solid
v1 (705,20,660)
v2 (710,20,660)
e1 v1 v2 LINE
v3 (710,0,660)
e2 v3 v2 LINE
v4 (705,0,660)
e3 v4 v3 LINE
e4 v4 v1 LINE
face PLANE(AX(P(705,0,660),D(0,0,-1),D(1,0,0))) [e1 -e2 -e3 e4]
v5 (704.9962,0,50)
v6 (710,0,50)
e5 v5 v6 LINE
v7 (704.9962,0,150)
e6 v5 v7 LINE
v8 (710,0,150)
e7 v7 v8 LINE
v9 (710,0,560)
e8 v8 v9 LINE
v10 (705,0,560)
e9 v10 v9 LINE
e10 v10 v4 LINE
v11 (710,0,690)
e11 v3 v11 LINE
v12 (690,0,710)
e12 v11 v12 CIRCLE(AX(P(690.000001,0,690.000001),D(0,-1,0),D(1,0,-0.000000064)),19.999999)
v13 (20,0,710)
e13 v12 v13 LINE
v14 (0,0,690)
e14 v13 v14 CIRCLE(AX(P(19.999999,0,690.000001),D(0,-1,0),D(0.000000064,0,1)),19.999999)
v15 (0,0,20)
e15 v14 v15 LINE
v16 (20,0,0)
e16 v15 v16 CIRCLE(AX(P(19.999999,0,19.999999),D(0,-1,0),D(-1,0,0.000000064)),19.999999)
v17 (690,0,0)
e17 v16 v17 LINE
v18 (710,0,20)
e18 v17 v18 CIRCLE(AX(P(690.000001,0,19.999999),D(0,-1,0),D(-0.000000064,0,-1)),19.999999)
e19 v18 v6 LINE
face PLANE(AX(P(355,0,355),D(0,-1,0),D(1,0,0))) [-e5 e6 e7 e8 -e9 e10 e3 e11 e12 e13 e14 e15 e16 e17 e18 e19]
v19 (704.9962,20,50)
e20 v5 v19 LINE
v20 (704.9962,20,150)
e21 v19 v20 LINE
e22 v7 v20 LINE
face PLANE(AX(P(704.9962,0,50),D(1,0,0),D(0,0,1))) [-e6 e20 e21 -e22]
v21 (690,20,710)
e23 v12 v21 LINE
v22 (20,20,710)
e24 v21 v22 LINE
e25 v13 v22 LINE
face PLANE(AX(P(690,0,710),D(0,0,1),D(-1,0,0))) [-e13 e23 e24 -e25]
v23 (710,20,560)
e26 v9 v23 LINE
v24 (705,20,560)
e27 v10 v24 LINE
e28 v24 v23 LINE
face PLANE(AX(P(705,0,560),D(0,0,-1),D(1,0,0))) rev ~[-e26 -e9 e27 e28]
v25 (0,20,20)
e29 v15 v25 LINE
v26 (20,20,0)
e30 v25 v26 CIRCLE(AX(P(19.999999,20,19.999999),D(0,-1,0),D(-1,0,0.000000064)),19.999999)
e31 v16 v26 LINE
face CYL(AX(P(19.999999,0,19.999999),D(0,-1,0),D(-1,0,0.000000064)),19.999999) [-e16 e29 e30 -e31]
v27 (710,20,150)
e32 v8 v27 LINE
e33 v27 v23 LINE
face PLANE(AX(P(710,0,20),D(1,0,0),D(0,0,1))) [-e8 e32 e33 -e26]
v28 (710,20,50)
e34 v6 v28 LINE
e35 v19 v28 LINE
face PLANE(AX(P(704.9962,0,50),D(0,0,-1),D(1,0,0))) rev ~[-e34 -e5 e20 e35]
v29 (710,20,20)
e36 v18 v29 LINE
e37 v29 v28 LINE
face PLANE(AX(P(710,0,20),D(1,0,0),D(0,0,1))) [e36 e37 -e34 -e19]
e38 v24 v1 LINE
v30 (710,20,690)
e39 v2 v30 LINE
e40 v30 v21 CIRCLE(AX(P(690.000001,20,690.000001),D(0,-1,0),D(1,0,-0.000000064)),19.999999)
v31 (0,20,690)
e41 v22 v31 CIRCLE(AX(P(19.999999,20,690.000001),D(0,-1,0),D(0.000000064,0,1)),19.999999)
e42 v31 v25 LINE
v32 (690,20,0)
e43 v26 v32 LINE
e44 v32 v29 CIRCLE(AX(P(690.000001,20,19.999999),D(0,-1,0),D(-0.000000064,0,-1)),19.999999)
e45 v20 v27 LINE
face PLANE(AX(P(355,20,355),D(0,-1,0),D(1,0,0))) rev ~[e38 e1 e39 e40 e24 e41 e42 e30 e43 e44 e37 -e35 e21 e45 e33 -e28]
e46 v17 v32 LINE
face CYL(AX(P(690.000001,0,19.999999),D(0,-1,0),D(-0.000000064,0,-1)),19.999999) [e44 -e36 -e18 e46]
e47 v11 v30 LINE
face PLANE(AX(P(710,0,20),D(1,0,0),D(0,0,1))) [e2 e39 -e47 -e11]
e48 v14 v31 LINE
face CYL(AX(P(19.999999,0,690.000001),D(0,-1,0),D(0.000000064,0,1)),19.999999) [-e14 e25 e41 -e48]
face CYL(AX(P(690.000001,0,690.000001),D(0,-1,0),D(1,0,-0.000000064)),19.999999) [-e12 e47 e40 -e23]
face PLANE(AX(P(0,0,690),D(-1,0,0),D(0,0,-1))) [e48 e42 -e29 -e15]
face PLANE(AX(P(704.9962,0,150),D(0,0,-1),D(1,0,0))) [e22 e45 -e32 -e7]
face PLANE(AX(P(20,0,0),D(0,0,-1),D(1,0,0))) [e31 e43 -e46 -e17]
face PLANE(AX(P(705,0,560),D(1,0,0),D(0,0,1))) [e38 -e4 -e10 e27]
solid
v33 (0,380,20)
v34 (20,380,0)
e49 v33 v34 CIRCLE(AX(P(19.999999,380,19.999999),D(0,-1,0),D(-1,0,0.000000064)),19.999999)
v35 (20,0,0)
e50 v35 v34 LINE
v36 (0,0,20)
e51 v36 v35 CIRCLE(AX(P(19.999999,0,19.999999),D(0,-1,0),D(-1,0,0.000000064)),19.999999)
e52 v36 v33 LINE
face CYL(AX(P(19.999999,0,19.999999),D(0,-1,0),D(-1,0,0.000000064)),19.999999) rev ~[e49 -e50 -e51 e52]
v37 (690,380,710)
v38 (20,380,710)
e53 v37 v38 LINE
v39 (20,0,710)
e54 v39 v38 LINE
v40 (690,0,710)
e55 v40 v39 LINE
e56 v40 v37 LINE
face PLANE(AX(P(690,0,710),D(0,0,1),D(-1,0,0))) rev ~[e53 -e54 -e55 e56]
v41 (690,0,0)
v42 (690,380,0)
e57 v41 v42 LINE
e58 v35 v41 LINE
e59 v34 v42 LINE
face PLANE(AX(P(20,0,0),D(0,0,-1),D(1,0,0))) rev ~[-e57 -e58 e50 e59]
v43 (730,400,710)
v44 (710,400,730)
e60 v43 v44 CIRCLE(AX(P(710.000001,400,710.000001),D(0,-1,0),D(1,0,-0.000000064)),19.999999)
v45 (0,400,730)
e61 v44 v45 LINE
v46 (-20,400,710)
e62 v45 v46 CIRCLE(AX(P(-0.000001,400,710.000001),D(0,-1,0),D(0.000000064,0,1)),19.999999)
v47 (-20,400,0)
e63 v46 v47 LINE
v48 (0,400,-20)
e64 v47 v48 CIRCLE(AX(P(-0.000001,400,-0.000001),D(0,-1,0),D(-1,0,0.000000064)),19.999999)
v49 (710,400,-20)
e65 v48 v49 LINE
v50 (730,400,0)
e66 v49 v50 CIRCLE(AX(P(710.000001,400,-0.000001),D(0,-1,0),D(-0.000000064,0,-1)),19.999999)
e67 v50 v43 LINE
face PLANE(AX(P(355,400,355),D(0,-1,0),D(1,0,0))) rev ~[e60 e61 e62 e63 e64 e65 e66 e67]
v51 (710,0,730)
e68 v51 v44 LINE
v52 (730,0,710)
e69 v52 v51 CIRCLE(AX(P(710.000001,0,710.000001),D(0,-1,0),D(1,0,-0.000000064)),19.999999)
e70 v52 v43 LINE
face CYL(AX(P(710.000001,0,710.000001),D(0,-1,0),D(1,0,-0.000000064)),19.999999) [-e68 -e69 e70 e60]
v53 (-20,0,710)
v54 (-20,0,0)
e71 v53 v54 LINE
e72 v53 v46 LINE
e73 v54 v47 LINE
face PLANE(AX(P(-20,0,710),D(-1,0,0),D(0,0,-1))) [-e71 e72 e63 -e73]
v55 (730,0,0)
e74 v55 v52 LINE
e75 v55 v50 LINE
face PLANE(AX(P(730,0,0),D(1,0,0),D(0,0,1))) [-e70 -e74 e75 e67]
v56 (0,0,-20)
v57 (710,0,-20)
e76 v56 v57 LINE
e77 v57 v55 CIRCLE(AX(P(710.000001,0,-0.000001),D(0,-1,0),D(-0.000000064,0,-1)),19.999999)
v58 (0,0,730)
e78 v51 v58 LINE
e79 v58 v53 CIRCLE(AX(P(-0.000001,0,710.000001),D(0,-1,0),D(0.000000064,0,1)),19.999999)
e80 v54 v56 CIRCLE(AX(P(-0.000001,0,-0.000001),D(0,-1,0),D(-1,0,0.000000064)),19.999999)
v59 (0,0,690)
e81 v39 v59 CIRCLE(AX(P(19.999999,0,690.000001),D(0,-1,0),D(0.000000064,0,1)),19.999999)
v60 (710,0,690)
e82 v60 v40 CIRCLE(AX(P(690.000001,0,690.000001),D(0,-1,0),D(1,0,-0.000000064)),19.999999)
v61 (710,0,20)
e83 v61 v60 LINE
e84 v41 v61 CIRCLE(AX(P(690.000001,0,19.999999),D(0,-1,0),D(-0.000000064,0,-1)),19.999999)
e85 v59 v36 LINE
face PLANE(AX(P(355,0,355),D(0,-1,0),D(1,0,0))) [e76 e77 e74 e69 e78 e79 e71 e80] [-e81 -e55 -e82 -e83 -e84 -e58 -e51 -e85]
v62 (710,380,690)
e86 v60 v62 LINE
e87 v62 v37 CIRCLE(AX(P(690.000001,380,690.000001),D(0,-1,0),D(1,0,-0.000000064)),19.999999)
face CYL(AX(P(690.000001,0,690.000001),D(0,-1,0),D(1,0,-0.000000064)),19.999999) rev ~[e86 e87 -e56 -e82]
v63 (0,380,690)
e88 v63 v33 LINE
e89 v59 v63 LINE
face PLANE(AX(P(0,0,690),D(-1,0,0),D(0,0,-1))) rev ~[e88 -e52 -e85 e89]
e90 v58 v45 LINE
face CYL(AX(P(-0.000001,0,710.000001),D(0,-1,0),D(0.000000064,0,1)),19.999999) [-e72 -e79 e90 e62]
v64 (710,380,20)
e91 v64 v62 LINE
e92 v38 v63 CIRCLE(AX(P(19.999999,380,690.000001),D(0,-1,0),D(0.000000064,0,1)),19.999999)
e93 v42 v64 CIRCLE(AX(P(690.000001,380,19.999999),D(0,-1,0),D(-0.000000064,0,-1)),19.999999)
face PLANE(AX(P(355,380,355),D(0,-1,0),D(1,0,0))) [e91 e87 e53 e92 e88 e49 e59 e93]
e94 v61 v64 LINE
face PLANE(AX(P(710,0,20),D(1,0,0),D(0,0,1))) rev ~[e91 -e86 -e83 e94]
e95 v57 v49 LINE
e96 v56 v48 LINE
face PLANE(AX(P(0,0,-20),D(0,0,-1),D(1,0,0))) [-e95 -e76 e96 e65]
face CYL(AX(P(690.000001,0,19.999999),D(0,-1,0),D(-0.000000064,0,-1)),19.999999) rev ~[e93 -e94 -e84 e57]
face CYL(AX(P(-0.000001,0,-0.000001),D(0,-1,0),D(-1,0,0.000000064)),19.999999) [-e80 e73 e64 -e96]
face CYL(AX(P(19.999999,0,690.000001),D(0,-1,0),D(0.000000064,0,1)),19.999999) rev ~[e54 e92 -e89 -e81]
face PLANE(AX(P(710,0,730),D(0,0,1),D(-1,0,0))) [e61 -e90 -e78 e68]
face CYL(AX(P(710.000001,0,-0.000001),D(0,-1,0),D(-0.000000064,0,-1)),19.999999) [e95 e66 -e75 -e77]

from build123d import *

# Parameters (mm, degrees)
F1_DEPTH = 400
F2_DEPTH = 380
F3_DEPTH = 20
F4_W     = 5
F4_H     = 100
F4_W_2   = 5.0038
F5_DEPTH = 27.94


with BuildPart() as f1:
    # F0 (on Front) → F1 (new body)
    with BuildSketch(Plane.XZ):
        with BuildLine():
            ThreePointArc((-20, 0), (-14.142136, -14.142136), (0, -20))
            Line((0, -20), (710, -20))
            ThreePointArc((710, -20), (724.142136, -14.142136), (730, 0))
            Line((730, 0), (730, 710))
            ThreePointArc((730, 710), (724.142136, 724.142136), (710, 730))
            Line((710, 730), (0, 730))
            ThreePointArc((0, 730), (-14.142136, 724.142136), (-20, 710))
            Line((-20, 710), (-20, 0))
        make_face()
        with BuildLine():
            ThreePointArc((0, 690), (5.857864, 704.142136), (20, 710))
            Line((20, 710), (690, 710))
            ThreePointArc((690, 710), (704.142136, 704.142136), (710, 690))
            Line((710, 690), (710, 20))
            ThreePointArc((710, 20), (704.142136, 5.857864), (690, 0))
            Line((690, 0), (20, 0))
            ThreePointArc((20, 0), (5.857864, 5.857864), (0, 20))
            Line((0, 20), (0, 690))
        make_face(mode=Mode.SUBTRACT)
        with BuildLine():
            Line((690, 710), (20, 710))
            ThreePointArc((20, 710), (5.857864, 704.142136), (0, 690))
            Line((0, 690), (0, 20))
            ThreePointArc((0, 20), (5.857864, 5.857864), (20, 0))
            Line((20, 0), (690, 0))
            ThreePointArc((690, 0), (704.142136, 5.857864), (710, 20))
            Line((710, 20), (710, 690))
            ThreePointArc((710, 690), (704.142136, 704.142136), (690, 710))
        make_face()
    extrude(amount=-F1_DEPTH)

    # F0 (on Front) → F2 (cut)
    with BuildSketch(Plane.XZ):
        with BuildLine():
            Line((690, 710), (20, 710))
            ThreePointArc((20, 710), (5.857864, 704.142136), (0, 690))
            Line((0, 690), (0, 20))
            ThreePointArc((0, 20), (5.857864, 5.857864), (20, 0))
            Line((20, 0), (690, 0))
            ThreePointArc((690, 0), (704.142136, 5.857864), (710, 20))
            Line((710, 20), (710, 690))
            ThreePointArc((710, 690), (704.142136, 704.142136), (690, 710))
        make_face()
    extrude(amount=-F2_DEPTH, mode=Mode.SUBTRACT)


with BuildPart() as f3:
    # F0 (on Front) → F3 (new body)
    with BuildSketch(Plane.XZ):
        with BuildLine():
            Line((690, 710), (20, 710))
            ThreePointArc((20, 710), (5.857864, 704.142136), (0, 690))
            Line((0, 690), (0, 20))
            ThreePointArc((0, 20), (5.857864, 5.857864), (20, 0))
            Line((20, 0), (690, 0))
            ThreePointArc((690, 0), (704.142136, 5.857864), (710, 20))
            Line((710, 20), (710, 690))
            ThreePointArc((710, 690), (704.142136, 704.142136), (690, 710))
        make_face()
    extrude(amount=-F3_DEPTH)

    # F4 (on face) → F5 (cut)
    with BuildSketch(Plane.XZ):
        with Locations((707.5, 610)):
            Rectangle(F4_W, F4_H)
        with Locations((707.4981, 100)):
            Rectangle(F4_W_2, F4_H)
    extrude(amount=-F5_DEPTH, mode=Mode.SUBTRACT)


solid = Compound([f1.part, f3.part])
